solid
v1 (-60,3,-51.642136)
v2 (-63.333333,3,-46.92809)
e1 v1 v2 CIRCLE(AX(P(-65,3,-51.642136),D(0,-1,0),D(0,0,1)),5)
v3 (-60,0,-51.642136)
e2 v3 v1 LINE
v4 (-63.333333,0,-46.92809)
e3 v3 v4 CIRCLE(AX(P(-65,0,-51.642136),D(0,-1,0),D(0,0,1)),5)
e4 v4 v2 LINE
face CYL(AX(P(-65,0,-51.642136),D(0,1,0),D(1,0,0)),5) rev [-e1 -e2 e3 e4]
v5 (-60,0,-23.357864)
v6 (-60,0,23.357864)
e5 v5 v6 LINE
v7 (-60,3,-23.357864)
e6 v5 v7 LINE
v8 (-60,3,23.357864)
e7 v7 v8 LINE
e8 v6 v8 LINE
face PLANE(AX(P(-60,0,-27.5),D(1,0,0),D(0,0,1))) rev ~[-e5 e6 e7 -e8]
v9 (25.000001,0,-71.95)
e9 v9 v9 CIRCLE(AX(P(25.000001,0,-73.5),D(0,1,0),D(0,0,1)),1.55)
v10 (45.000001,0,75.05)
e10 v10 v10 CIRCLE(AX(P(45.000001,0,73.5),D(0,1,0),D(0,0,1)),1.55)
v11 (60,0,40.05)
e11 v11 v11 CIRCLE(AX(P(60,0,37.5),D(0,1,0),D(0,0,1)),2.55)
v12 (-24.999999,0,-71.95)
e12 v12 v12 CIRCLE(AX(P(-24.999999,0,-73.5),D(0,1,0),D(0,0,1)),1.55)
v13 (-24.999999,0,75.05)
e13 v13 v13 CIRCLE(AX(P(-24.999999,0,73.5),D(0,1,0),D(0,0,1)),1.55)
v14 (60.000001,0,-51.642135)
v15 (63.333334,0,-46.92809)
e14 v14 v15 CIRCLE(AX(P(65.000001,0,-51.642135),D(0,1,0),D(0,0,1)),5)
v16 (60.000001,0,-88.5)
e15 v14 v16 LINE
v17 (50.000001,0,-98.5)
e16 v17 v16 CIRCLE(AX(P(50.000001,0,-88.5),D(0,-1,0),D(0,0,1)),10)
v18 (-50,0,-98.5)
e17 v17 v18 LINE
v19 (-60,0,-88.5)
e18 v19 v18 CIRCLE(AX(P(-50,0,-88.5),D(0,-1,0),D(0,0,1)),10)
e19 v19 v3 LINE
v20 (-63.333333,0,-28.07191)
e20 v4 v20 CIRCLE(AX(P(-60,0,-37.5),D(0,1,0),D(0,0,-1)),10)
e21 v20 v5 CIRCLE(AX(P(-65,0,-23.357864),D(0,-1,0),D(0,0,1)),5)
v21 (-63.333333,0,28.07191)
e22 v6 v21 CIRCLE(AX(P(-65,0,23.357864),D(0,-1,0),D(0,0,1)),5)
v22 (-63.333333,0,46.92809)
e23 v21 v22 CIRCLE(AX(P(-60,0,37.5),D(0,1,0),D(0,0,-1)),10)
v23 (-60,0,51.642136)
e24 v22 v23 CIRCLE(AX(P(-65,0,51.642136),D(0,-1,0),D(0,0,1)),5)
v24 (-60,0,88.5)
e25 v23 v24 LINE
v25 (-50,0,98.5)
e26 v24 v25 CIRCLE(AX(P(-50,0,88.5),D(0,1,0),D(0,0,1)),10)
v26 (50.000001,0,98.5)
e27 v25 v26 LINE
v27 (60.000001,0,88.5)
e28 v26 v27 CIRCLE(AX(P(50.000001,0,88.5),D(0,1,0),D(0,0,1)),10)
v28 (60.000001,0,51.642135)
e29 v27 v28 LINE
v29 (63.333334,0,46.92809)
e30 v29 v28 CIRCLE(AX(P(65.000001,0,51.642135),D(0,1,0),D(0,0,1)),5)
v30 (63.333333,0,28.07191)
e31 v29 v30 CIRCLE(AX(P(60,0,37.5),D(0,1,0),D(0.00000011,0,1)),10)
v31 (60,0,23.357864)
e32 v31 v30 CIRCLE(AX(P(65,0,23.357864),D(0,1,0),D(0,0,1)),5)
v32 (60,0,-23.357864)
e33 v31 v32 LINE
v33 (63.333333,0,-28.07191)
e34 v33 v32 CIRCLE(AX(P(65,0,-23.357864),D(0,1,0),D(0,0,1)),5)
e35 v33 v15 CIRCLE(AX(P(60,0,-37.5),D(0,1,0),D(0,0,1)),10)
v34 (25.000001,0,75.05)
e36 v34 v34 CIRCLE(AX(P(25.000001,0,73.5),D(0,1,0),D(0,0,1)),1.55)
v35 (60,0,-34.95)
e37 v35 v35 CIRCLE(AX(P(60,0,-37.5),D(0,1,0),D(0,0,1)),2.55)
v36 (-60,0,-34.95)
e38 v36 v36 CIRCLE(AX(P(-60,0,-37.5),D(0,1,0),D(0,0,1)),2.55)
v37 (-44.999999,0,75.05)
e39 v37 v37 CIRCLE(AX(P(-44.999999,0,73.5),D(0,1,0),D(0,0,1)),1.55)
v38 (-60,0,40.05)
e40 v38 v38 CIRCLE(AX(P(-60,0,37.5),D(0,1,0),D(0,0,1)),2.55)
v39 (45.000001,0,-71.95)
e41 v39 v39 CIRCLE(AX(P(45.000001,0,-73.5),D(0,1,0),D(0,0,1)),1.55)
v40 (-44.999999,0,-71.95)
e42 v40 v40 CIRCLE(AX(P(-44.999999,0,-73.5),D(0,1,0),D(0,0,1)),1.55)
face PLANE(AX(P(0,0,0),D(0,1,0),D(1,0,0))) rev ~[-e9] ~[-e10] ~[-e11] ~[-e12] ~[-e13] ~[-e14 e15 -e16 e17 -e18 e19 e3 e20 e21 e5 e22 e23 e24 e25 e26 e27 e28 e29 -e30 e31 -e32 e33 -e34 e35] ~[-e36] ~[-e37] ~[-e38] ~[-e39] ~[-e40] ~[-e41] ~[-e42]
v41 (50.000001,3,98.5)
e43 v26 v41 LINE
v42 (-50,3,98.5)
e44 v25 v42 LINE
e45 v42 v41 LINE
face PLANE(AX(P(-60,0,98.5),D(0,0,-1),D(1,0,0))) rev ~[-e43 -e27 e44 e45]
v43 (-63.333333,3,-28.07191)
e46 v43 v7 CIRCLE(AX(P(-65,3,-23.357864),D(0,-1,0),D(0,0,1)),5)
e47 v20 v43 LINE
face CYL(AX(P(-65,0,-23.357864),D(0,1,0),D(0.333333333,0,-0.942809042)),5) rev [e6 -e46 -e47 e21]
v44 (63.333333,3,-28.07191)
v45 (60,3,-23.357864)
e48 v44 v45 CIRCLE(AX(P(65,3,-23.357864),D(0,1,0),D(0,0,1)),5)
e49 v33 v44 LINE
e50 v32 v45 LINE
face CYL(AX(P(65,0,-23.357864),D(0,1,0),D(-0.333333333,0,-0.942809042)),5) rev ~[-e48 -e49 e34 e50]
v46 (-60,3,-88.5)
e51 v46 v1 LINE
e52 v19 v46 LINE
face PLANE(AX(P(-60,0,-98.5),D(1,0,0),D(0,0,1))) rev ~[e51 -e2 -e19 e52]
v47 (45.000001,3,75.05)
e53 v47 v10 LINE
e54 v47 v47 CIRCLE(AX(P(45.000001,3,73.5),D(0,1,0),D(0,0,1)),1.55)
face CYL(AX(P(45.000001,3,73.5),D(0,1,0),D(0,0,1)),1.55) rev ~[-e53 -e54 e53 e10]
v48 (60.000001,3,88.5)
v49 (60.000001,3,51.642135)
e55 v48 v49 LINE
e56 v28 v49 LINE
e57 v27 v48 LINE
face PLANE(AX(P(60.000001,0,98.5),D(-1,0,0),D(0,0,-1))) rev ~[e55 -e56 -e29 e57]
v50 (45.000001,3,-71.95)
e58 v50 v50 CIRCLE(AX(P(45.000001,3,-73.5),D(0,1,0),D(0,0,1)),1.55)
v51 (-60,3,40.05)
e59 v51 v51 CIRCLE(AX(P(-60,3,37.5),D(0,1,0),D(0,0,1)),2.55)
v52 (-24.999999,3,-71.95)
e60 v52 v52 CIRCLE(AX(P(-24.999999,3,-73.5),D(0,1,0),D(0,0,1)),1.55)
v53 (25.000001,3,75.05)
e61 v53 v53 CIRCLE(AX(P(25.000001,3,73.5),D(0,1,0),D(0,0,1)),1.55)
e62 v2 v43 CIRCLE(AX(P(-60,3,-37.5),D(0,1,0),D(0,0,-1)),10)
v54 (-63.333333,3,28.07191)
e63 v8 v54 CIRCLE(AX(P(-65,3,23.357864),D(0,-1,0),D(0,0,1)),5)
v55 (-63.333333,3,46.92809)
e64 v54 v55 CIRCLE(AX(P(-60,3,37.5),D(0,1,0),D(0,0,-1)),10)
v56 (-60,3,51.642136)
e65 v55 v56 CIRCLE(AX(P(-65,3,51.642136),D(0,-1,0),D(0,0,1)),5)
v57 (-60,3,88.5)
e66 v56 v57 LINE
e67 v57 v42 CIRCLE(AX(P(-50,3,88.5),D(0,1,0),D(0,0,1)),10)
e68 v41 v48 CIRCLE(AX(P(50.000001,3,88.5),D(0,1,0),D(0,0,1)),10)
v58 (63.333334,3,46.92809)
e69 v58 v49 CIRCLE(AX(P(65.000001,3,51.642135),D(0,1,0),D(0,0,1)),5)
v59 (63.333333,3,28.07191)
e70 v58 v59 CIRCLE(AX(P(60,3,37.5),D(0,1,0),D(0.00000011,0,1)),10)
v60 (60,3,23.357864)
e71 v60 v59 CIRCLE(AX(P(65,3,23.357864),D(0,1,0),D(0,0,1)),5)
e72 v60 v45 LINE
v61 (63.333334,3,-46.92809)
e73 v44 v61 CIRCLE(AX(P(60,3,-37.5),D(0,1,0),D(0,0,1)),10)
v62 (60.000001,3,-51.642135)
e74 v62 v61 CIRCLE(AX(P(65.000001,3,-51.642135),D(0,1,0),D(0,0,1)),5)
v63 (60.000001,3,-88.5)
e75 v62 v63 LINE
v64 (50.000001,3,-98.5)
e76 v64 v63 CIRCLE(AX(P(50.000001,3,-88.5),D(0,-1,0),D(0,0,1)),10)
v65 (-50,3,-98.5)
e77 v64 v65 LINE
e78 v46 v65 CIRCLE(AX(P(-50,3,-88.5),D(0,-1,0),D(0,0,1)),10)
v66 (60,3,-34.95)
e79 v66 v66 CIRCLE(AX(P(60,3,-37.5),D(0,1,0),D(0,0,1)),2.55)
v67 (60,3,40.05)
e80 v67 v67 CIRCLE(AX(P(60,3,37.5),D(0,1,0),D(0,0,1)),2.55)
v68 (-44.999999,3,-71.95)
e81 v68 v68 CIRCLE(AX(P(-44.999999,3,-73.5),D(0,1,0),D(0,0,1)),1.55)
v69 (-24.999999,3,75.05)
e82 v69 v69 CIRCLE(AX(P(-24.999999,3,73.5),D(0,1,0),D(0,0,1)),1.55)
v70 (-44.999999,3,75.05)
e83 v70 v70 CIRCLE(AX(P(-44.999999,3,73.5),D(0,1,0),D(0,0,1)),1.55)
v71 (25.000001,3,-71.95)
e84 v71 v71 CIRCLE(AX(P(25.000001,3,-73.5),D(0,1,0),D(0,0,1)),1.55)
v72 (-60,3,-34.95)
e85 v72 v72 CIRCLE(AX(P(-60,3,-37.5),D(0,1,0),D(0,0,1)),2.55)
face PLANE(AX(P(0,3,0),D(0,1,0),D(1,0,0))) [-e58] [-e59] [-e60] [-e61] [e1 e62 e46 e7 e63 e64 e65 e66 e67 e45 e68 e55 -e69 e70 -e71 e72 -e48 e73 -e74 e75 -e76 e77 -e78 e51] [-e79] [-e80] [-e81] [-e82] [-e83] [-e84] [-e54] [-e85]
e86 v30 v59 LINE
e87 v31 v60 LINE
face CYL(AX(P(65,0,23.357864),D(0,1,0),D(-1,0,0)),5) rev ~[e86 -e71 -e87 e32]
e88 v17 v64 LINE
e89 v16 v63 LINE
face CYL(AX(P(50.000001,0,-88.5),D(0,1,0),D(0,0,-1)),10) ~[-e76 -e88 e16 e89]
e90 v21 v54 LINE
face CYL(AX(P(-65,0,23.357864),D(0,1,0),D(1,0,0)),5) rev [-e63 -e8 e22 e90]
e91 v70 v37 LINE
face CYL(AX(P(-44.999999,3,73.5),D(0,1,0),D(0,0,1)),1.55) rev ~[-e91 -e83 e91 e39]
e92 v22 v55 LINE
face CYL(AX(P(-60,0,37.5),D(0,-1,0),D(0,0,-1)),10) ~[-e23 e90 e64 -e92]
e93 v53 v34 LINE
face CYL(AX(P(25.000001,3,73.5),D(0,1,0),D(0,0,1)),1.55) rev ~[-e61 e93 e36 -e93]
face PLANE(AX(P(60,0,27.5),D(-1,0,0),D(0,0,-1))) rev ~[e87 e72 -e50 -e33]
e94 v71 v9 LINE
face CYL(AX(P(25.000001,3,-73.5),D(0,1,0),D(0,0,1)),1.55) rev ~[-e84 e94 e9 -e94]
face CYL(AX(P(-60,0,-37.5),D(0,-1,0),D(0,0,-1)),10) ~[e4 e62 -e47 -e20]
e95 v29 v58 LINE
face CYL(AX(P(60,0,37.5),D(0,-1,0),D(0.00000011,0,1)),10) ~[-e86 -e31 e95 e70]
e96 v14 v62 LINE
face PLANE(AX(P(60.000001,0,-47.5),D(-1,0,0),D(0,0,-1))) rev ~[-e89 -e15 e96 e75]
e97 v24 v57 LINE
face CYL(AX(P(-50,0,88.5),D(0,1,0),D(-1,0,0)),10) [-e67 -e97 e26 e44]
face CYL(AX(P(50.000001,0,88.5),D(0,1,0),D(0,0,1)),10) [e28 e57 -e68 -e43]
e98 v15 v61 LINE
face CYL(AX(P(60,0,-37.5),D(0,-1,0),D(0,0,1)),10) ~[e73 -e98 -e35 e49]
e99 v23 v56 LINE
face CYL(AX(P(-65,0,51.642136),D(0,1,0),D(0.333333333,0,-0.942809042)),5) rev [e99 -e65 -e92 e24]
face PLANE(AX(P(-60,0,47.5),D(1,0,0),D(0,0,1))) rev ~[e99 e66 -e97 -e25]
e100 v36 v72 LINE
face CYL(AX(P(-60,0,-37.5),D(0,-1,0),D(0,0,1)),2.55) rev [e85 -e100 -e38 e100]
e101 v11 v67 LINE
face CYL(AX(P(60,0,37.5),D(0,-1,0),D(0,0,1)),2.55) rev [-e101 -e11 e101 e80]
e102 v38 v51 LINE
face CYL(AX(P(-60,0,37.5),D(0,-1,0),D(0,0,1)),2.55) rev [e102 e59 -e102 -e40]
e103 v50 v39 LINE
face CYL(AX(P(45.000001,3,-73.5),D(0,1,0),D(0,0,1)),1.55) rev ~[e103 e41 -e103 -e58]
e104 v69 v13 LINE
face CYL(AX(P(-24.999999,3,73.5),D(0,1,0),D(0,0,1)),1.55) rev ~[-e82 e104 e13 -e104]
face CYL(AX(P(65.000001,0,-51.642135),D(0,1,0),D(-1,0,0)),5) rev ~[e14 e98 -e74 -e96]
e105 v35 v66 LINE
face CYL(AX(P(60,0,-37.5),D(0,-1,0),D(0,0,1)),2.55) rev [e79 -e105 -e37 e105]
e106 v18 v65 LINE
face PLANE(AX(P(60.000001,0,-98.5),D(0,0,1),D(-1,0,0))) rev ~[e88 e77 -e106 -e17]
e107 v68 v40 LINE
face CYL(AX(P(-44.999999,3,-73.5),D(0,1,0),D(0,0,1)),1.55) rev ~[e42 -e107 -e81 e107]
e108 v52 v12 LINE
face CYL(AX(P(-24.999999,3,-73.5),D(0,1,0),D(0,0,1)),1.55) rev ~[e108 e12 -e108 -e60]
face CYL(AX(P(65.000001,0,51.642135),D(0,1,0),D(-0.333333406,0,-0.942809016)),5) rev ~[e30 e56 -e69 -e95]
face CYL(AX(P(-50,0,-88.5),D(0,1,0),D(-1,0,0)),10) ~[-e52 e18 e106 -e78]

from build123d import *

# Parameters (mm, degrees)
SKETCH1_R           = 2.55
BOSS_EXTRUDE1_DEPTH = 3
SKETCH2_R           = 1.55
GIMBALHOLES_DEPTH   = 3
FILLET1_R           = 10
FILLET2_R           = 5


with BuildPart() as part:
    # Sketch1 → Boss-Extrude1 (new body)
    with BuildSketch(Plane(origin=(0, 0, 0), x_dir=(1, 0, 0), z_dir=(0, 1, 0))):
        with BuildLine():
            Line((-60, 27.5), (-60, -27.5))
            ThreePointArc((-60, -27.5), (-70, -37.5), (-60, -47.5))
            Line((-60, -47.5), (-60, -98.5))
            Line((-60, -98.5), (60.000001096, -98.5))
            Line((60.000001096, -98.5), (60.000001096, -47.5))
            ThreePointArc((60.000001096, -47.5), (70, -37.499999452), (60, -27.5))
            Line((60, -27.5), (60, 27.5))
            ThreePointArc((60, 27.5), (70, 37.499999452), (60.000001096, 47.5))
            Line((60.000001096, 47.5), (60.000001096, 98.5))
            Line((60.000001096, 98.5), (-60, 98.5))
            Line((-60, 98.5), (-60, 47.5))
            ThreePointArc((-60, 47.5), (-70, 37.5), (-60, 27.5))
        make_face()
        with Locations(Location((-60, 37.5, 0), (0, 0, 270))):
            Circle(SKETCH1_R, mode=Mode.SUBTRACT)
        with Locations(Location((60, 37.5, 0), (0, 0, 270))):
            Circle(SKETCH1_R, mode=Mode.SUBTRACT)
        with Locations(Location((-60, -37.5, 0), (0, 0, 270))):
            Circle(SKETCH1_R, mode=Mode.SUBTRACT)
        with Locations(Location((60, -37.5, 0), (0, 0, 270))):
            Circle(SKETCH1_R, mode=Mode.SUBTRACT)
    extrude(amount=BOSS_EXTRUDE1_DEPTH)

    # Sketch2 → GimbalHoles (cut)
    with BuildSketch(Plane(origin=(0, 3, 0), x_dir=(1, 0, 0), z_dir=(0, 1, 0))):
        with Locations(Location((-44.999998904, 73.5, 0), (0, 0, 270))):
            Circle(SKETCH2_R)
        with Locations(Location((-24.999998904, 73.5, 0), (0, 0, 270))):
            Circle(SKETCH2_R)
        with Locations(Location((25.000001096, 73.5, 0), (0, 0, 270))):
            Circle(SKETCH2_R)
        with Locations(Location((45.000001096, 73.5, 0), (0, 0, 270))):
            Circle(SKETCH2_R)
        with Locations(Location((-44.999998904, -73.5, 0), (0, 0, 270))):
            Circle(SKETCH2_R)
        with Locations(Location((-24.999998904, -73.5, 0), (0, 0, 270))):
            Circle(SKETCH2_R)
        with Locations(Location((25.000001096, -73.5, 0), (0, 0, 270))):
            Circle(SKETCH2_R)
        with Locations(Location((45.000001096, -73.5, 0), (0, 0, 270))):
            Circle(SKETCH2_R)
    extrude(amount=-GIMBALHOLES_DEPTH, mode=Mode.SUBTRACT)

    # Fillet1
    fillet1_edges = [part.edges().sort_by_distance(p)[0] for p in [
        (-60, 1.5, -98.5),
        (60.000001096, 1.5, -98.5),
        (60.000001096, 1.5, 98.5),
        (-60, 1.5, 98.5),
    ]]
    fillet(fillet1_edges, radius=FILLET1_R)

    # Fillet2
    fillet2_edges = [part.edges().sort_by_distance(p)[0] for p in [
        (-60, 1.5, -47.5),
        (60.000001096, 1.5, -47.5),
        (60, 1.5, -27.5),
        (60, 1.5, 27.5),
        (60.000001096, 1.5, 47.5),
        (-60, 1.5, 47.5),
        (-60, 1.5, 27.5),
        (-60, 1.5, -27.5),
    ]]
    fillet(fillet2_edges, radius=FILLET2_R)


solid = part.part
